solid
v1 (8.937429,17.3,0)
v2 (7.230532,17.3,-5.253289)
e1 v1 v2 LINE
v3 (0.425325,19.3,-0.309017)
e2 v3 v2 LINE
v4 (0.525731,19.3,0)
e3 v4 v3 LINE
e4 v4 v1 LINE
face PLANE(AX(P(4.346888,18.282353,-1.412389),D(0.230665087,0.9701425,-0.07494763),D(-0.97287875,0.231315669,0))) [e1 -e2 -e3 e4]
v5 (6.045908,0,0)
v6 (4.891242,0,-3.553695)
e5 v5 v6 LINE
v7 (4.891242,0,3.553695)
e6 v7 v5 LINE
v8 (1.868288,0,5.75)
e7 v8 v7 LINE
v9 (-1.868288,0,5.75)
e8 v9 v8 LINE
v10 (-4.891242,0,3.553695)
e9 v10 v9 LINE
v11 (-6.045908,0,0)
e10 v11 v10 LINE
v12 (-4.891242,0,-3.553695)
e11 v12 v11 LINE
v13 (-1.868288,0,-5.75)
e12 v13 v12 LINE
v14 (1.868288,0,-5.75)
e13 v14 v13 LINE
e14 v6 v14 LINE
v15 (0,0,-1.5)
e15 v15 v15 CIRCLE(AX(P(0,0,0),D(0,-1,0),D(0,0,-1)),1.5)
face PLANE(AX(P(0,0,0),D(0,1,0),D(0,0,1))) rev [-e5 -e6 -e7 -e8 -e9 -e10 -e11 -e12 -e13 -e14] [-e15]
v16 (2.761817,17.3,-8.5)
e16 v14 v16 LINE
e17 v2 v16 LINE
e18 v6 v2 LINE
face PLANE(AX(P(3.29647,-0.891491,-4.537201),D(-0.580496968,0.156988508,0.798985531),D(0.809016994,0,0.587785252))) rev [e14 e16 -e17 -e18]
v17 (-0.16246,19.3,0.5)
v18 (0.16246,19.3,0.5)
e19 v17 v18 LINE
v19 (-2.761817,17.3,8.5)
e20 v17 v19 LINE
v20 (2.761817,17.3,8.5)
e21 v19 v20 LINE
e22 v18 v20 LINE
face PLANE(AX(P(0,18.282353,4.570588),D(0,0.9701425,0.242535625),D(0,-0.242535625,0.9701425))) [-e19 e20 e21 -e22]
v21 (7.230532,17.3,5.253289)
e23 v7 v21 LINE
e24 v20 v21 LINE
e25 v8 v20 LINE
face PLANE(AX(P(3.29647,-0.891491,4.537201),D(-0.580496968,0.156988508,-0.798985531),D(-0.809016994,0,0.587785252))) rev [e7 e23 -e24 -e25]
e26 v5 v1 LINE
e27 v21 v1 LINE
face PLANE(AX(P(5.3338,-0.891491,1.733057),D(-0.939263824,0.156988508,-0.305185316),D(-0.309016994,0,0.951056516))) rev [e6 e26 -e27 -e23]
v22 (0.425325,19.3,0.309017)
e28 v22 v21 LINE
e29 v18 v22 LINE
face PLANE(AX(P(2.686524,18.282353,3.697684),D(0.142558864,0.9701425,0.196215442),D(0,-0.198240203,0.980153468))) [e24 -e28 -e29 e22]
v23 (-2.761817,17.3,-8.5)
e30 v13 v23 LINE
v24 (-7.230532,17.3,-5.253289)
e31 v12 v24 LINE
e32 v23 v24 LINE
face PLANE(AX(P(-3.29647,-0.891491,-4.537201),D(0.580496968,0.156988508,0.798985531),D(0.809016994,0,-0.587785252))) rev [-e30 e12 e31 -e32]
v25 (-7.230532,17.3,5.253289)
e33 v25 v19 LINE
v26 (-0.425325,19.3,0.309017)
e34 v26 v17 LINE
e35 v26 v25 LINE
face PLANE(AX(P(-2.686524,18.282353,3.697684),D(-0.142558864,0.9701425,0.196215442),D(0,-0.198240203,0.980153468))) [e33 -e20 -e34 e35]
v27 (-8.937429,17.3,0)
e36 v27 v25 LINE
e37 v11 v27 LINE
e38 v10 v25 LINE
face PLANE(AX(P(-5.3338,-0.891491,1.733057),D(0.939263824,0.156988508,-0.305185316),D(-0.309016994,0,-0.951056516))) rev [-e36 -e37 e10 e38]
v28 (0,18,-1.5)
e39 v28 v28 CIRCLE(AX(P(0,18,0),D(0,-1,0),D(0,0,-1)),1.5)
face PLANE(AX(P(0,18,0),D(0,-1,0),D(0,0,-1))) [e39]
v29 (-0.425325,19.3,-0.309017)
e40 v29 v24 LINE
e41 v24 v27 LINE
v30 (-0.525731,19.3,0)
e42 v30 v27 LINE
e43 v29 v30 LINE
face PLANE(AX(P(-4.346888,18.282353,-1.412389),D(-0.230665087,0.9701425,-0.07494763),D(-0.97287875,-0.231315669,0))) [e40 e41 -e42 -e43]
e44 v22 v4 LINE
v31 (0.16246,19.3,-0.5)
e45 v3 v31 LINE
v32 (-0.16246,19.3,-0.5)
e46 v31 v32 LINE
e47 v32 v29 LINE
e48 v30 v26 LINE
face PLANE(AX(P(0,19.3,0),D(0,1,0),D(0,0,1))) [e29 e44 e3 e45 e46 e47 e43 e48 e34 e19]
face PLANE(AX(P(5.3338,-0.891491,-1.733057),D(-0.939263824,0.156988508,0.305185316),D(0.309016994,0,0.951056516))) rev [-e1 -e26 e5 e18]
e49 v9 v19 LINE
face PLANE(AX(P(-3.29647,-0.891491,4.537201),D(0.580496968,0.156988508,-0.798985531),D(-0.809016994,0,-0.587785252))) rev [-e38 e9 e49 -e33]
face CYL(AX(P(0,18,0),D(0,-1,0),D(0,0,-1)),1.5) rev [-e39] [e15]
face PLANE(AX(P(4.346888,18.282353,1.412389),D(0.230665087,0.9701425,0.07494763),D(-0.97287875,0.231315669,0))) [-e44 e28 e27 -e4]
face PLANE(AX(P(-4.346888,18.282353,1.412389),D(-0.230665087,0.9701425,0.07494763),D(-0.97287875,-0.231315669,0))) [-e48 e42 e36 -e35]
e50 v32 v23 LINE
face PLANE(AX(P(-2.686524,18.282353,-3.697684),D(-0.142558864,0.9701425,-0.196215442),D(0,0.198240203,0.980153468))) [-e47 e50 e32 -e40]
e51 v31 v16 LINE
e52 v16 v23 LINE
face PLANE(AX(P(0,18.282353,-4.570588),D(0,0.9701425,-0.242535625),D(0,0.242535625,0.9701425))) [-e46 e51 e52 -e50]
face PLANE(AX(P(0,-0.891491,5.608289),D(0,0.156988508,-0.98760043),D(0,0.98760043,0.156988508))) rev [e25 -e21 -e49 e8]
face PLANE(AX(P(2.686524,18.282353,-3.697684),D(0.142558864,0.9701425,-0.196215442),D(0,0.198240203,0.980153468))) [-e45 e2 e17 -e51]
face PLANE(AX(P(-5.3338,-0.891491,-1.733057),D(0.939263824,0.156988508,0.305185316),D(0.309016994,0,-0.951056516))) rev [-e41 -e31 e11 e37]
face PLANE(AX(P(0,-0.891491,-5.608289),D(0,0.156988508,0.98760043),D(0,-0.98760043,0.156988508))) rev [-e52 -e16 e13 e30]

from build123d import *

# Parameters (mm, degrees)
CROQUIS5_R            = 1.5
CORTAR_EXTRUIR1_DEPTH = 18


with BuildPart() as part:
    # Croquis1 → Recubrir1 section 0
    with BuildSketch(Plane(origin=(0, 0, 0), x_dir=(1, 0, 0), z_dir=(0, 1, 0))):
        with BuildLine():
            Line((4.891242148, 3.553695435), (1.868288253, 5.75))
            Line((1.868288253, 5.75), (-1.868288253, 5.75))
            Line((-1.868288253, 5.75), (-4.891242148, 3.553695435))
            Line((-4.891242148, 3.553695435), (-6.045907789, 0))
            Line((-6.045907789, 0), (-4.891242148, -3.553695435))
            Line((-4.891242148, -3.553695435), (-1.868288253, -5.75))
            Line((-1.868288253, -5.75), (1.868288253, -5.75))
            Line((1.868288253, -5.75), (4.891242148, -3.553695435))
            Line((4.891242148, -3.553695435), (6.045907789, 0))
            Line((6.045907789, 0), (4.891242148, 3.553695435))
        make_face()
    # Croquis2 → Recubrir1 section 1
    with BuildSketch(Plane(origin=(0, 17.3, 0), x_dir=(1, 0, 0), z_dir=(0, 1, 0))):
        with BuildLine():
            Line((-8.937428906, 0), (-7.230531871, -5.253288904))
            Line((-7.230531871, -5.253288904), (-2.761817418, -8.5))
            Line((-2.761817418, -8.5), (2.761817418, -8.5))
            Line((2.761817418, -8.5), (7.230531871, -5.253288904))
            Line((7.230531871, -5.253288904), (8.937428906, 0))
            Line((8.937428906, 0), (7.230531871, 5.253288904))
            Line((7.230531871, 5.253288904), (2.761817418, 8.5))
            Line((2.761817418, 8.5), (-2.761817418, 8.5))
            Line((-2.761817418, 8.5), (-7.230531871, 5.253288904))
            Line((-7.230531871, 5.253288904), (-8.937428906, 0))
        make_face()
    loft()

    # Croquis4 → Recubrir2 section 0
    with BuildSketch(Plane(origin=(0, 19.3, 0), x_dir=(1, 0, 0), z_dir=(0, 1, 0))):
        with BuildLine():
            Line((-0.525731112, 0), (-0.425325404, -0.309016994))
            Line((-0.425325404, -0.309016994), (-0.162459848, -0.5))
            Line((-0.162459848, -0.5), (0.162459848, -0.5))
            Line((0.162459848, -0.5), (0.425325404, -0.309016994))
            Line((0.425325404, -0.309016994), (0.525731112, 0))
            Line((0.525731112, 0), (0.425325404, 0.309016994))
            Line((0.425325404, 0.309016994), (0.162459848, 0.5))
            Line((0.162459848, 0.5), (-0.162459848, 0.5))
            Line((-0.162459848, 0.5), (-0.425325404, 0.309016994))
            Line((-0.425325404, 0.309016994), (-0.525731112, 0))
        make_face()
    # Croquis2<3> → Recubrir2 section 1
    with BuildSketch(Plane(origin=(0, 17.3, 0), x_dir=(1, 0, 0), z_dir=(0, 1, 0))):
        with BuildLine():
            Line((-8.937428906, 0), (-7.230531871, -5.253288904))
            Line((-7.230531871, -5.253288904), (-2.761817418, -8.5))
            Line((-2.761817418, -8.5), (2.761817418, -8.5))
            Line((2.761817418, -8.5), (7.230531871, -5.253288904))
            Line((7.230531871, -5.253288904), (8.937428906, 0))
            Line((8.937428906, 0), (7.230531871, 5.253288904))
            Line((7.230531871, 5.253288904), (2.761817418, 8.5))
            Line((2.761817418, 8.5), (-2.761817418, 8.5))
            Line((-2.761817418, 8.5), (-7.230531871, 5.253288904))
            Line((-7.230531871, 5.253288904), (-8.937428906, 0))
        make_face()
    loft()

    # Croquis5 → Cortar-Extruir1 (cut)
    with BuildSketch(Plane.XZ):
        Circle(CROQUIS5_R)
    extrude(amount=-CORTAR_EXTRUIR1_DEPTH, mode=Mode.SUBTRACT)


solid = part.part
